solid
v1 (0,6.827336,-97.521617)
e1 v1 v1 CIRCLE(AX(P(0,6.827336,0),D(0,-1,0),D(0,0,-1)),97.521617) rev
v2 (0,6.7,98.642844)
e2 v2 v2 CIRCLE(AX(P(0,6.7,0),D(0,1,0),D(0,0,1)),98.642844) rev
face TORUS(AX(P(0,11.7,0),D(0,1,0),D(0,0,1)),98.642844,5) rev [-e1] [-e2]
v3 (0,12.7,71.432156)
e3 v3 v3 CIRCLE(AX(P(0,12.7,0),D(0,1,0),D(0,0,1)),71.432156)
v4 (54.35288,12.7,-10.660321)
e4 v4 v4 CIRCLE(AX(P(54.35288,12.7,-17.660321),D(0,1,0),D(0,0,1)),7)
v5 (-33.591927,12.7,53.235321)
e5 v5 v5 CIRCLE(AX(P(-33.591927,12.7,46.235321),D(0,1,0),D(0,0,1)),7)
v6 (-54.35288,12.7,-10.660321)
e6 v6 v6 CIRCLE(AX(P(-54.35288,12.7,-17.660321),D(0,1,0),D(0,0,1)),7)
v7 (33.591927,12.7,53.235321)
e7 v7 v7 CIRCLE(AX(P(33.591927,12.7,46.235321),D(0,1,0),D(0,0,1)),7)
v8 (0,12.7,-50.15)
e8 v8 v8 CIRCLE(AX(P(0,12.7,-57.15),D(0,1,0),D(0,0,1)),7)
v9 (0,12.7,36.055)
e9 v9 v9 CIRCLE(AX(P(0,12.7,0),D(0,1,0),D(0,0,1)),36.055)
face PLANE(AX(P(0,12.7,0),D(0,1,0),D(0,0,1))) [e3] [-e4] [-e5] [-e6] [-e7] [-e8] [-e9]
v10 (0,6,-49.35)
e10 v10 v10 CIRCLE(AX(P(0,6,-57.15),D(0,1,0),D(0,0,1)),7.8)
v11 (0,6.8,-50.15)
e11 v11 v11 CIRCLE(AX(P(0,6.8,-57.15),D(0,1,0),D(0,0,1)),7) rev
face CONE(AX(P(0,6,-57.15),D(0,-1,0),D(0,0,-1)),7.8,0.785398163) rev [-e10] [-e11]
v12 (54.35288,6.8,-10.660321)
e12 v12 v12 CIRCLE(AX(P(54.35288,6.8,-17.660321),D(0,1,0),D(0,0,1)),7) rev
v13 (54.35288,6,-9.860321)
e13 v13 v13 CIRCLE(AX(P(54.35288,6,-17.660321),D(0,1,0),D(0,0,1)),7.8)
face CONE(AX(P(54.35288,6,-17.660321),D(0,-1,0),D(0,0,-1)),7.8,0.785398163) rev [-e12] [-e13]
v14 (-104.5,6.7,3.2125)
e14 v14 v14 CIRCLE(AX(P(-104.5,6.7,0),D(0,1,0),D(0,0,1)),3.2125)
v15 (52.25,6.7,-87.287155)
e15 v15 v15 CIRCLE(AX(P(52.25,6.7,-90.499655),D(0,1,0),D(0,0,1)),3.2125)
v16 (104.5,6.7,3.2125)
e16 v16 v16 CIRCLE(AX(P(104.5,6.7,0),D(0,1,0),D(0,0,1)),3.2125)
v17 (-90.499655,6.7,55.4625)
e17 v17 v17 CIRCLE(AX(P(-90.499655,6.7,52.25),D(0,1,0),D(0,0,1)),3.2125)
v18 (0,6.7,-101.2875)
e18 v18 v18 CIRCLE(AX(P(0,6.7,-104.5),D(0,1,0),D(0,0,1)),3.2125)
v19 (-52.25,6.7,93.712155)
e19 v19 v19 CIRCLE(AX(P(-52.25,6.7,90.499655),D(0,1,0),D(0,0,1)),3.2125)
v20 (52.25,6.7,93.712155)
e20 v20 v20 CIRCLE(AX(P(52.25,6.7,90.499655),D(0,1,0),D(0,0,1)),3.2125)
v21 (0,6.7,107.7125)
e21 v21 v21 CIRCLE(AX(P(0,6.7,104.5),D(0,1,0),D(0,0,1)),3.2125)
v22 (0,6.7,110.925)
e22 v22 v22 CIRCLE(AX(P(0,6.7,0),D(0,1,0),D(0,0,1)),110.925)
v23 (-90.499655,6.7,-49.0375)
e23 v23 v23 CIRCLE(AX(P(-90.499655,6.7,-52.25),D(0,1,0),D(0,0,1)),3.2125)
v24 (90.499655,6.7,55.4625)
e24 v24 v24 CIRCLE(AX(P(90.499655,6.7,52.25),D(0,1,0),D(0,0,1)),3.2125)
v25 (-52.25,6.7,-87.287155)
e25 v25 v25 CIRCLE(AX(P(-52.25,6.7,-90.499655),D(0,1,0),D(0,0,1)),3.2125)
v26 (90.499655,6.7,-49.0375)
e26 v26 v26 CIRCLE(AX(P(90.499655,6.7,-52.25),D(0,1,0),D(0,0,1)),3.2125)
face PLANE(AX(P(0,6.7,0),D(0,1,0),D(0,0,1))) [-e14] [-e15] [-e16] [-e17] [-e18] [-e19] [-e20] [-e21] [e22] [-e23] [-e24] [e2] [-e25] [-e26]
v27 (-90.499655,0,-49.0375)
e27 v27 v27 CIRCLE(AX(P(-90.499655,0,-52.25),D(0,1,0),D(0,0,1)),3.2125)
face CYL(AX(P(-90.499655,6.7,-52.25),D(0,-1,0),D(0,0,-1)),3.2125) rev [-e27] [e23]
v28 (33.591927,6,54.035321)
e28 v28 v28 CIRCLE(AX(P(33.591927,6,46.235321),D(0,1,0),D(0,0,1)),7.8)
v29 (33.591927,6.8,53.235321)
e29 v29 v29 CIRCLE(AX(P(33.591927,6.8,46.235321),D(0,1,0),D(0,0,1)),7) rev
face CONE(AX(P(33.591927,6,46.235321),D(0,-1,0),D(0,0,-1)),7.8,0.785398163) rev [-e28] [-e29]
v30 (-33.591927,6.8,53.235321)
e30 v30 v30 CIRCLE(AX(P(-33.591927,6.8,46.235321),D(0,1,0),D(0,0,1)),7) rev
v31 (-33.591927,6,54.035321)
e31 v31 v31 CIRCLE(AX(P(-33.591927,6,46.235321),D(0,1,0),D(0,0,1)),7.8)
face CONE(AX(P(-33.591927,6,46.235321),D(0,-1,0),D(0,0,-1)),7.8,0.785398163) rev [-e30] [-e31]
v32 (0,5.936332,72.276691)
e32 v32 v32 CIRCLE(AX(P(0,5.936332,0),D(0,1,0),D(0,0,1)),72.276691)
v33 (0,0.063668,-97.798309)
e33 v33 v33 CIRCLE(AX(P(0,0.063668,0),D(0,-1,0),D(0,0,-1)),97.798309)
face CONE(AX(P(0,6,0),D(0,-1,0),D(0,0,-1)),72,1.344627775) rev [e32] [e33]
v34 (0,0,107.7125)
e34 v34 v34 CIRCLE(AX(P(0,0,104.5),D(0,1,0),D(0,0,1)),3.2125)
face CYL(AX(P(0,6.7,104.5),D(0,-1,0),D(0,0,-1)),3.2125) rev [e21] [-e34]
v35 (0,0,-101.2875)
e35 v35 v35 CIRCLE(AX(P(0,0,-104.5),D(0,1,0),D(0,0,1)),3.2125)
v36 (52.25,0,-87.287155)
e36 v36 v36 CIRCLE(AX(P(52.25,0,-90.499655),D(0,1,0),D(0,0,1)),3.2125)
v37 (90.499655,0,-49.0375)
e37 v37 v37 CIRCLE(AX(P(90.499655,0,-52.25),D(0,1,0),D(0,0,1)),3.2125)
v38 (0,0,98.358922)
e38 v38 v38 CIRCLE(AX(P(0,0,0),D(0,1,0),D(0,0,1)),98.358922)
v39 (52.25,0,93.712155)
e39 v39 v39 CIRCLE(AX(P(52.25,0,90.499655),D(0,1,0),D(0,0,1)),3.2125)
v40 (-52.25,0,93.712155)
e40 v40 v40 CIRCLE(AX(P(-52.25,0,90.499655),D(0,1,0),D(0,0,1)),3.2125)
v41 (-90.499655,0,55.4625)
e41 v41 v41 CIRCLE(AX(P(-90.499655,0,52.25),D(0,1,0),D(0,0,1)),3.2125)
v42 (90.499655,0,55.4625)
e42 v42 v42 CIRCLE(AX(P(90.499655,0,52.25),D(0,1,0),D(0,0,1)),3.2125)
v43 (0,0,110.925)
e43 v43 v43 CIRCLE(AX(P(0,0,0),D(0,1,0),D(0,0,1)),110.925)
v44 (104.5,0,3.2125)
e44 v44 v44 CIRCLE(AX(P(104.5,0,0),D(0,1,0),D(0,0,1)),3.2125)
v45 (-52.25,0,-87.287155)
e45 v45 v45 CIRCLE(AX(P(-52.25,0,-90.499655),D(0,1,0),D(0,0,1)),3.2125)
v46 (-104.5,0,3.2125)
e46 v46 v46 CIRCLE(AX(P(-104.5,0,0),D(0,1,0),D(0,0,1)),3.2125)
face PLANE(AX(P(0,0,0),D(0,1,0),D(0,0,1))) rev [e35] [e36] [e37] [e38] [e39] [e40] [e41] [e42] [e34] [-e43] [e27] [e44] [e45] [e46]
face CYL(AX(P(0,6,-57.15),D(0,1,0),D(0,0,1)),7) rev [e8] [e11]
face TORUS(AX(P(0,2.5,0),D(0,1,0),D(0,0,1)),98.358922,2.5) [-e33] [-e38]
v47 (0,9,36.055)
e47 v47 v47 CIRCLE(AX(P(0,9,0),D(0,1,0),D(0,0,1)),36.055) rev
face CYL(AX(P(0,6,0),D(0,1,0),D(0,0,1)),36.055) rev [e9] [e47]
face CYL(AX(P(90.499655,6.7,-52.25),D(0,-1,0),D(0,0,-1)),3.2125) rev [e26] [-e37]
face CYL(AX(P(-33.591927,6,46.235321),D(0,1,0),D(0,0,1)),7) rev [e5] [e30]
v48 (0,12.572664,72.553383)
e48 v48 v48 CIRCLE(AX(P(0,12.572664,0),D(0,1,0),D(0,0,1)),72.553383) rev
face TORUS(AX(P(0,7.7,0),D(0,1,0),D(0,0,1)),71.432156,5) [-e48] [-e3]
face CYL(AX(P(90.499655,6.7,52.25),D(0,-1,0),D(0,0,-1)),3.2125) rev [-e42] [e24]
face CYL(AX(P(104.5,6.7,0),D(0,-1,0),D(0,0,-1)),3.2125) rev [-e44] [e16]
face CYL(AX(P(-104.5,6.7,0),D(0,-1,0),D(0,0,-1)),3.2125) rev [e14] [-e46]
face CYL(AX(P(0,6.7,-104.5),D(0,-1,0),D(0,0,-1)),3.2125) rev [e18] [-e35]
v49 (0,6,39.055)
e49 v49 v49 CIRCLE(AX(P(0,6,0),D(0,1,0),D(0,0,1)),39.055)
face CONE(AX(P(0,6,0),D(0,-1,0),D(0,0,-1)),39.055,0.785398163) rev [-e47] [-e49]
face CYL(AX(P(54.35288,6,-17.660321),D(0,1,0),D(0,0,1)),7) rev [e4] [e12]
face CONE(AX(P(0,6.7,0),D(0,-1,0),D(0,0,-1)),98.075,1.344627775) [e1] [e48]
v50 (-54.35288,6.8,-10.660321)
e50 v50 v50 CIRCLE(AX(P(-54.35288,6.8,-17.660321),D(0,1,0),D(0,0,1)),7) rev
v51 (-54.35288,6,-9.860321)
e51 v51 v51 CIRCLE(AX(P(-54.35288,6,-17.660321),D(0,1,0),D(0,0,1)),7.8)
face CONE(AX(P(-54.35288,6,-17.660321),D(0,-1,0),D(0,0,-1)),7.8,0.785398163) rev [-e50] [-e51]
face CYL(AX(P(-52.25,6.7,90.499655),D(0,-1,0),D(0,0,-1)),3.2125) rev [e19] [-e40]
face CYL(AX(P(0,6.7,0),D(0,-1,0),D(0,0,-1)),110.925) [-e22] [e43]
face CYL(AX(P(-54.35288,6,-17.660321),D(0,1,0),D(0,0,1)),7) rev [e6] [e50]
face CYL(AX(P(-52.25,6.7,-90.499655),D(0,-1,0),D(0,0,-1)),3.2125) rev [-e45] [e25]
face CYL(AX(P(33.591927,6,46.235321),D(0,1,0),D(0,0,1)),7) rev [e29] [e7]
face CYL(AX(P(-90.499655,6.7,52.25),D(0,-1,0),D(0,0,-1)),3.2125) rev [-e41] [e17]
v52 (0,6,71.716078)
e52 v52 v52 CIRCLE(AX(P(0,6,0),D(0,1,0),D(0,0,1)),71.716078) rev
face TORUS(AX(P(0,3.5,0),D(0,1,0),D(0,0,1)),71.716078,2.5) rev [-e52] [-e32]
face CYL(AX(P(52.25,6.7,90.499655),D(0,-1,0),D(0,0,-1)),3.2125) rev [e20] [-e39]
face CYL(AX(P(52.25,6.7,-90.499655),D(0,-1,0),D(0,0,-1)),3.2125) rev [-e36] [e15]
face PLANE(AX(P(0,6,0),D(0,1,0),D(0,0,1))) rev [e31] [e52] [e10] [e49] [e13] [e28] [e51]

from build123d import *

# Parameters (mm, degrees)
SKETCH1_R           = 110.925
SKETCH1_R_2         = 3.2125
SKETCH1_R_3         = 98.075
BOSS_EXTRUDE1_DEPTH = 6.7
SKETCH2_R           = 72
SKETCH2_R_2         = 36.055
SKETCH2_R_3         = 7
BOSS_EXTRUDE3_DEPTH = 6.7
FILLET1_R           = 5
FILLET2_R           = 5
CHAMFER1_SIZE       = 3
CHAMFER2_SIZE       = 0.8
FILLET7_R           = 2.5
FILLET8_R           = 2.5


with BuildPart() as part:
    # Sketch1 → Boss-Extrude1 (new body)
    with BuildSketch(Plane(origin=(0, 0, 0), x_dir=(1, 0, 0), z_dir=(0, 1, 0))):
        with Locations(Location((0, 0, 0), (0, 0, 270))):
            Circle(SKETCH1_R)
        with Locations(Location((0, 104.5, 0), (0, 0, 270))):
            Circle(SKETCH1_R_2, mode=Mode.SUBTRACT)
        with Locations(Location((0, 0, 0), (0, 0, 270))):
            Circle(SKETCH1_R_3, mode=Mode.SUBTRACT)
        with Locations(Location((52.25, 90.499654695, 0), (0, 0, 270))):
            Circle(SKETCH1_R_2, mode=Mode.SUBTRACT)
        with Locations(Location((90.499654695, 52.25, 0), (0, 0, 270))):
            Circle(SKETCH1_R_2, mode=Mode.SUBTRACT)
        with Locations(Location((104.5, 0, 0), (0, 0, 270))):
            Circle(SKETCH1_R_2, mode=Mode.SUBTRACT)
        with Locations(Location((90.499654695, -52.25, 0), (0, 0, 270))):
            Circle(SKETCH1_R_2, mode=Mode.SUBTRACT)
        with Locations(Location((52.25, -90.499654695, 0), (0, 0, 270))):
            Circle(SKETCH1_R_2, mode=Mode.SUBTRACT)
        with Locations(Location((0, -104.5, 0), (0, 0, 270))):
            Circle(SKETCH1_R_2, mode=Mode.SUBTRACT)
        with Locations(Location((-52.25, -90.499654695, 0), (0, 0, 270))):
            Circle(SKETCH1_R_2, mode=Mode.SUBTRACT)
        with Locations(Location((-90.499654695, -52.25, 0), (0, 0, 270))):
            Circle(SKETCH1_R_2, mode=Mode.SUBTRACT)
        with Locations(Location((-104.5, 0, 0), (0, 0, 270))):
            Circle(SKETCH1_R_2, mode=Mode.SUBTRACT)
        with Locations(Location((-90.499654695, 52.25, 0), (0, 0, 270))):
            Circle(SKETCH1_R_2, mode=Mode.SUBTRACT)
        with Locations(Location((-52.25, 90.499654695, 0), (0, 0, 270))):
            Circle(SKETCH1_R_2, mode=Mode.SUBTRACT)
    extrude(amount=BOSS_EXTRUDE1_DEPTH)



with BuildPart() as body_2:
    # Sketch2 → Boss-Extrude3 (new body)
    with BuildSketch(Plane(origin=(0, 12.7, 0), x_dir=(1, 0, 0), z_dir=(0, 1, 0))):
        with Locations(Location((0, 0, 0), (0, 0, 270))):
            Circle(SKETCH2_R)
        with Locations(Location((0, 0, 0), (0, 0, 270))):
            Circle(SKETCH2_R_2, mode=Mode.SUBTRACT)
        with Locations(Location((0, 57.15, 0), (0, 0, 270))):
            Circle(SKETCH2_R_3, mode=Mode.SUBTRACT)
        with Locations(Location((54.352879906, 17.660321229, 0), (0, 0, 270))):
            Circle(SKETCH2_R_3, mode=Mode.SUBTRACT)
        with Locations(Location((33.591927169, -46.235321229, 0), (0, 0, 270))):
            Circle(SKETCH2_R_3, mode=Mode.SUBTRACT)
        with Locations(Location((-33.591927169, -46.235321229, 0), (0, 0, 270))):
            Circle(SKETCH2_R_3, mode=Mode.SUBTRACT)
        with Locations(Location((-54.352879906, 17.660321229, 0), (0, 0, 270))):
            Circle(SKETCH2_R_3, mode=Mode.SUBTRACT)
    extrude(amount=-BOSS_EXTRUDE3_DEPTH)


with BuildPart() as part_1:
    add(part.part)

    add(body_2.part)  # Sweep3 merges body 2
    # Sweep3: sweep along a curve in space
    with BuildLine() as sweep3_path:
        ThreePointArc((0, 6, 72), (50.911688245, 6, 50.911688245), (72, 6, 0))
        ThreePointArc((72, 6, 0), (50.911688245, 6, -50.911688245), (0, 6, -72))
        ThreePointArc((0, 6, -72), (-50.911688245, 6, -50.911688245), (-72, 6, 0))
        ThreePointArc((-72, 6, 0), (-50.911688245, 6, 50.911688245), (0, 6, 72))
    # Sketch4 → Sweep3 (sweep)
    with BuildSketch(Plane.XY):
        Polygon((72, 12.7), (98.075, 6.7), (98.075, 0), (72, 6), align=None)
    sweep(path=sweep3_path.line)

    # Fillet1
    fillet1_edges = [part_1.edges().sort_by_distance(p)[0] for p in [
        (50.911688245, 12.7, 50.911688245),
    ]]
    fillet(fillet1_edges, radius=FILLET1_R)

    # Fillet2
    fillet2_edges = [part_1.edges().sort_by_distance(p)[0] for p in [
        (69.349497565, 6.7, 69.349497565),
    ]]
    fillet(fillet2_edges, radius=FILLET2_R)

    # Chamfer1
    chamfer1_edges = [part_1.edges().sort_by_distance(p)[0] for p in [
        (0, 6, -36.055),
    ]]
    chamfer(chamfer1_edges, length=CHAMFER1_SIZE)

    # Chamfer2
    chamfer2_edges = [part_1.edges().sort_by_distance(p)[0] for p in [
        (-54.352879906, 6, -24.660321229),
        (-33.591927169, 6, 39.235321229),
        (33.591927169, 6, 39.235321229),
        (54.352879906, 6, -24.660321229),
        (0, 6, -64.15),
    ]]
    chamfer(chamfer2_edges, length=CHAMFER2_SIZE)

    # Fillet7
    fillet7_edges = [part_1.edges().sort_by_distance(p)[0] for p in [
        (50.911688245, 6, -50.911688245),
    ]]
    fillet(fillet7_edges, radius=FILLET7_R)

    # Fillet8
    fillet8_edges = [part_1.edges().sort_by_distance(p)[0] for p in [
        (69.349497565, 0, -69.349497565),
    ]]
    fillet(fillet8_edges, radius=FILLET8_R)


solid = part_1.part
